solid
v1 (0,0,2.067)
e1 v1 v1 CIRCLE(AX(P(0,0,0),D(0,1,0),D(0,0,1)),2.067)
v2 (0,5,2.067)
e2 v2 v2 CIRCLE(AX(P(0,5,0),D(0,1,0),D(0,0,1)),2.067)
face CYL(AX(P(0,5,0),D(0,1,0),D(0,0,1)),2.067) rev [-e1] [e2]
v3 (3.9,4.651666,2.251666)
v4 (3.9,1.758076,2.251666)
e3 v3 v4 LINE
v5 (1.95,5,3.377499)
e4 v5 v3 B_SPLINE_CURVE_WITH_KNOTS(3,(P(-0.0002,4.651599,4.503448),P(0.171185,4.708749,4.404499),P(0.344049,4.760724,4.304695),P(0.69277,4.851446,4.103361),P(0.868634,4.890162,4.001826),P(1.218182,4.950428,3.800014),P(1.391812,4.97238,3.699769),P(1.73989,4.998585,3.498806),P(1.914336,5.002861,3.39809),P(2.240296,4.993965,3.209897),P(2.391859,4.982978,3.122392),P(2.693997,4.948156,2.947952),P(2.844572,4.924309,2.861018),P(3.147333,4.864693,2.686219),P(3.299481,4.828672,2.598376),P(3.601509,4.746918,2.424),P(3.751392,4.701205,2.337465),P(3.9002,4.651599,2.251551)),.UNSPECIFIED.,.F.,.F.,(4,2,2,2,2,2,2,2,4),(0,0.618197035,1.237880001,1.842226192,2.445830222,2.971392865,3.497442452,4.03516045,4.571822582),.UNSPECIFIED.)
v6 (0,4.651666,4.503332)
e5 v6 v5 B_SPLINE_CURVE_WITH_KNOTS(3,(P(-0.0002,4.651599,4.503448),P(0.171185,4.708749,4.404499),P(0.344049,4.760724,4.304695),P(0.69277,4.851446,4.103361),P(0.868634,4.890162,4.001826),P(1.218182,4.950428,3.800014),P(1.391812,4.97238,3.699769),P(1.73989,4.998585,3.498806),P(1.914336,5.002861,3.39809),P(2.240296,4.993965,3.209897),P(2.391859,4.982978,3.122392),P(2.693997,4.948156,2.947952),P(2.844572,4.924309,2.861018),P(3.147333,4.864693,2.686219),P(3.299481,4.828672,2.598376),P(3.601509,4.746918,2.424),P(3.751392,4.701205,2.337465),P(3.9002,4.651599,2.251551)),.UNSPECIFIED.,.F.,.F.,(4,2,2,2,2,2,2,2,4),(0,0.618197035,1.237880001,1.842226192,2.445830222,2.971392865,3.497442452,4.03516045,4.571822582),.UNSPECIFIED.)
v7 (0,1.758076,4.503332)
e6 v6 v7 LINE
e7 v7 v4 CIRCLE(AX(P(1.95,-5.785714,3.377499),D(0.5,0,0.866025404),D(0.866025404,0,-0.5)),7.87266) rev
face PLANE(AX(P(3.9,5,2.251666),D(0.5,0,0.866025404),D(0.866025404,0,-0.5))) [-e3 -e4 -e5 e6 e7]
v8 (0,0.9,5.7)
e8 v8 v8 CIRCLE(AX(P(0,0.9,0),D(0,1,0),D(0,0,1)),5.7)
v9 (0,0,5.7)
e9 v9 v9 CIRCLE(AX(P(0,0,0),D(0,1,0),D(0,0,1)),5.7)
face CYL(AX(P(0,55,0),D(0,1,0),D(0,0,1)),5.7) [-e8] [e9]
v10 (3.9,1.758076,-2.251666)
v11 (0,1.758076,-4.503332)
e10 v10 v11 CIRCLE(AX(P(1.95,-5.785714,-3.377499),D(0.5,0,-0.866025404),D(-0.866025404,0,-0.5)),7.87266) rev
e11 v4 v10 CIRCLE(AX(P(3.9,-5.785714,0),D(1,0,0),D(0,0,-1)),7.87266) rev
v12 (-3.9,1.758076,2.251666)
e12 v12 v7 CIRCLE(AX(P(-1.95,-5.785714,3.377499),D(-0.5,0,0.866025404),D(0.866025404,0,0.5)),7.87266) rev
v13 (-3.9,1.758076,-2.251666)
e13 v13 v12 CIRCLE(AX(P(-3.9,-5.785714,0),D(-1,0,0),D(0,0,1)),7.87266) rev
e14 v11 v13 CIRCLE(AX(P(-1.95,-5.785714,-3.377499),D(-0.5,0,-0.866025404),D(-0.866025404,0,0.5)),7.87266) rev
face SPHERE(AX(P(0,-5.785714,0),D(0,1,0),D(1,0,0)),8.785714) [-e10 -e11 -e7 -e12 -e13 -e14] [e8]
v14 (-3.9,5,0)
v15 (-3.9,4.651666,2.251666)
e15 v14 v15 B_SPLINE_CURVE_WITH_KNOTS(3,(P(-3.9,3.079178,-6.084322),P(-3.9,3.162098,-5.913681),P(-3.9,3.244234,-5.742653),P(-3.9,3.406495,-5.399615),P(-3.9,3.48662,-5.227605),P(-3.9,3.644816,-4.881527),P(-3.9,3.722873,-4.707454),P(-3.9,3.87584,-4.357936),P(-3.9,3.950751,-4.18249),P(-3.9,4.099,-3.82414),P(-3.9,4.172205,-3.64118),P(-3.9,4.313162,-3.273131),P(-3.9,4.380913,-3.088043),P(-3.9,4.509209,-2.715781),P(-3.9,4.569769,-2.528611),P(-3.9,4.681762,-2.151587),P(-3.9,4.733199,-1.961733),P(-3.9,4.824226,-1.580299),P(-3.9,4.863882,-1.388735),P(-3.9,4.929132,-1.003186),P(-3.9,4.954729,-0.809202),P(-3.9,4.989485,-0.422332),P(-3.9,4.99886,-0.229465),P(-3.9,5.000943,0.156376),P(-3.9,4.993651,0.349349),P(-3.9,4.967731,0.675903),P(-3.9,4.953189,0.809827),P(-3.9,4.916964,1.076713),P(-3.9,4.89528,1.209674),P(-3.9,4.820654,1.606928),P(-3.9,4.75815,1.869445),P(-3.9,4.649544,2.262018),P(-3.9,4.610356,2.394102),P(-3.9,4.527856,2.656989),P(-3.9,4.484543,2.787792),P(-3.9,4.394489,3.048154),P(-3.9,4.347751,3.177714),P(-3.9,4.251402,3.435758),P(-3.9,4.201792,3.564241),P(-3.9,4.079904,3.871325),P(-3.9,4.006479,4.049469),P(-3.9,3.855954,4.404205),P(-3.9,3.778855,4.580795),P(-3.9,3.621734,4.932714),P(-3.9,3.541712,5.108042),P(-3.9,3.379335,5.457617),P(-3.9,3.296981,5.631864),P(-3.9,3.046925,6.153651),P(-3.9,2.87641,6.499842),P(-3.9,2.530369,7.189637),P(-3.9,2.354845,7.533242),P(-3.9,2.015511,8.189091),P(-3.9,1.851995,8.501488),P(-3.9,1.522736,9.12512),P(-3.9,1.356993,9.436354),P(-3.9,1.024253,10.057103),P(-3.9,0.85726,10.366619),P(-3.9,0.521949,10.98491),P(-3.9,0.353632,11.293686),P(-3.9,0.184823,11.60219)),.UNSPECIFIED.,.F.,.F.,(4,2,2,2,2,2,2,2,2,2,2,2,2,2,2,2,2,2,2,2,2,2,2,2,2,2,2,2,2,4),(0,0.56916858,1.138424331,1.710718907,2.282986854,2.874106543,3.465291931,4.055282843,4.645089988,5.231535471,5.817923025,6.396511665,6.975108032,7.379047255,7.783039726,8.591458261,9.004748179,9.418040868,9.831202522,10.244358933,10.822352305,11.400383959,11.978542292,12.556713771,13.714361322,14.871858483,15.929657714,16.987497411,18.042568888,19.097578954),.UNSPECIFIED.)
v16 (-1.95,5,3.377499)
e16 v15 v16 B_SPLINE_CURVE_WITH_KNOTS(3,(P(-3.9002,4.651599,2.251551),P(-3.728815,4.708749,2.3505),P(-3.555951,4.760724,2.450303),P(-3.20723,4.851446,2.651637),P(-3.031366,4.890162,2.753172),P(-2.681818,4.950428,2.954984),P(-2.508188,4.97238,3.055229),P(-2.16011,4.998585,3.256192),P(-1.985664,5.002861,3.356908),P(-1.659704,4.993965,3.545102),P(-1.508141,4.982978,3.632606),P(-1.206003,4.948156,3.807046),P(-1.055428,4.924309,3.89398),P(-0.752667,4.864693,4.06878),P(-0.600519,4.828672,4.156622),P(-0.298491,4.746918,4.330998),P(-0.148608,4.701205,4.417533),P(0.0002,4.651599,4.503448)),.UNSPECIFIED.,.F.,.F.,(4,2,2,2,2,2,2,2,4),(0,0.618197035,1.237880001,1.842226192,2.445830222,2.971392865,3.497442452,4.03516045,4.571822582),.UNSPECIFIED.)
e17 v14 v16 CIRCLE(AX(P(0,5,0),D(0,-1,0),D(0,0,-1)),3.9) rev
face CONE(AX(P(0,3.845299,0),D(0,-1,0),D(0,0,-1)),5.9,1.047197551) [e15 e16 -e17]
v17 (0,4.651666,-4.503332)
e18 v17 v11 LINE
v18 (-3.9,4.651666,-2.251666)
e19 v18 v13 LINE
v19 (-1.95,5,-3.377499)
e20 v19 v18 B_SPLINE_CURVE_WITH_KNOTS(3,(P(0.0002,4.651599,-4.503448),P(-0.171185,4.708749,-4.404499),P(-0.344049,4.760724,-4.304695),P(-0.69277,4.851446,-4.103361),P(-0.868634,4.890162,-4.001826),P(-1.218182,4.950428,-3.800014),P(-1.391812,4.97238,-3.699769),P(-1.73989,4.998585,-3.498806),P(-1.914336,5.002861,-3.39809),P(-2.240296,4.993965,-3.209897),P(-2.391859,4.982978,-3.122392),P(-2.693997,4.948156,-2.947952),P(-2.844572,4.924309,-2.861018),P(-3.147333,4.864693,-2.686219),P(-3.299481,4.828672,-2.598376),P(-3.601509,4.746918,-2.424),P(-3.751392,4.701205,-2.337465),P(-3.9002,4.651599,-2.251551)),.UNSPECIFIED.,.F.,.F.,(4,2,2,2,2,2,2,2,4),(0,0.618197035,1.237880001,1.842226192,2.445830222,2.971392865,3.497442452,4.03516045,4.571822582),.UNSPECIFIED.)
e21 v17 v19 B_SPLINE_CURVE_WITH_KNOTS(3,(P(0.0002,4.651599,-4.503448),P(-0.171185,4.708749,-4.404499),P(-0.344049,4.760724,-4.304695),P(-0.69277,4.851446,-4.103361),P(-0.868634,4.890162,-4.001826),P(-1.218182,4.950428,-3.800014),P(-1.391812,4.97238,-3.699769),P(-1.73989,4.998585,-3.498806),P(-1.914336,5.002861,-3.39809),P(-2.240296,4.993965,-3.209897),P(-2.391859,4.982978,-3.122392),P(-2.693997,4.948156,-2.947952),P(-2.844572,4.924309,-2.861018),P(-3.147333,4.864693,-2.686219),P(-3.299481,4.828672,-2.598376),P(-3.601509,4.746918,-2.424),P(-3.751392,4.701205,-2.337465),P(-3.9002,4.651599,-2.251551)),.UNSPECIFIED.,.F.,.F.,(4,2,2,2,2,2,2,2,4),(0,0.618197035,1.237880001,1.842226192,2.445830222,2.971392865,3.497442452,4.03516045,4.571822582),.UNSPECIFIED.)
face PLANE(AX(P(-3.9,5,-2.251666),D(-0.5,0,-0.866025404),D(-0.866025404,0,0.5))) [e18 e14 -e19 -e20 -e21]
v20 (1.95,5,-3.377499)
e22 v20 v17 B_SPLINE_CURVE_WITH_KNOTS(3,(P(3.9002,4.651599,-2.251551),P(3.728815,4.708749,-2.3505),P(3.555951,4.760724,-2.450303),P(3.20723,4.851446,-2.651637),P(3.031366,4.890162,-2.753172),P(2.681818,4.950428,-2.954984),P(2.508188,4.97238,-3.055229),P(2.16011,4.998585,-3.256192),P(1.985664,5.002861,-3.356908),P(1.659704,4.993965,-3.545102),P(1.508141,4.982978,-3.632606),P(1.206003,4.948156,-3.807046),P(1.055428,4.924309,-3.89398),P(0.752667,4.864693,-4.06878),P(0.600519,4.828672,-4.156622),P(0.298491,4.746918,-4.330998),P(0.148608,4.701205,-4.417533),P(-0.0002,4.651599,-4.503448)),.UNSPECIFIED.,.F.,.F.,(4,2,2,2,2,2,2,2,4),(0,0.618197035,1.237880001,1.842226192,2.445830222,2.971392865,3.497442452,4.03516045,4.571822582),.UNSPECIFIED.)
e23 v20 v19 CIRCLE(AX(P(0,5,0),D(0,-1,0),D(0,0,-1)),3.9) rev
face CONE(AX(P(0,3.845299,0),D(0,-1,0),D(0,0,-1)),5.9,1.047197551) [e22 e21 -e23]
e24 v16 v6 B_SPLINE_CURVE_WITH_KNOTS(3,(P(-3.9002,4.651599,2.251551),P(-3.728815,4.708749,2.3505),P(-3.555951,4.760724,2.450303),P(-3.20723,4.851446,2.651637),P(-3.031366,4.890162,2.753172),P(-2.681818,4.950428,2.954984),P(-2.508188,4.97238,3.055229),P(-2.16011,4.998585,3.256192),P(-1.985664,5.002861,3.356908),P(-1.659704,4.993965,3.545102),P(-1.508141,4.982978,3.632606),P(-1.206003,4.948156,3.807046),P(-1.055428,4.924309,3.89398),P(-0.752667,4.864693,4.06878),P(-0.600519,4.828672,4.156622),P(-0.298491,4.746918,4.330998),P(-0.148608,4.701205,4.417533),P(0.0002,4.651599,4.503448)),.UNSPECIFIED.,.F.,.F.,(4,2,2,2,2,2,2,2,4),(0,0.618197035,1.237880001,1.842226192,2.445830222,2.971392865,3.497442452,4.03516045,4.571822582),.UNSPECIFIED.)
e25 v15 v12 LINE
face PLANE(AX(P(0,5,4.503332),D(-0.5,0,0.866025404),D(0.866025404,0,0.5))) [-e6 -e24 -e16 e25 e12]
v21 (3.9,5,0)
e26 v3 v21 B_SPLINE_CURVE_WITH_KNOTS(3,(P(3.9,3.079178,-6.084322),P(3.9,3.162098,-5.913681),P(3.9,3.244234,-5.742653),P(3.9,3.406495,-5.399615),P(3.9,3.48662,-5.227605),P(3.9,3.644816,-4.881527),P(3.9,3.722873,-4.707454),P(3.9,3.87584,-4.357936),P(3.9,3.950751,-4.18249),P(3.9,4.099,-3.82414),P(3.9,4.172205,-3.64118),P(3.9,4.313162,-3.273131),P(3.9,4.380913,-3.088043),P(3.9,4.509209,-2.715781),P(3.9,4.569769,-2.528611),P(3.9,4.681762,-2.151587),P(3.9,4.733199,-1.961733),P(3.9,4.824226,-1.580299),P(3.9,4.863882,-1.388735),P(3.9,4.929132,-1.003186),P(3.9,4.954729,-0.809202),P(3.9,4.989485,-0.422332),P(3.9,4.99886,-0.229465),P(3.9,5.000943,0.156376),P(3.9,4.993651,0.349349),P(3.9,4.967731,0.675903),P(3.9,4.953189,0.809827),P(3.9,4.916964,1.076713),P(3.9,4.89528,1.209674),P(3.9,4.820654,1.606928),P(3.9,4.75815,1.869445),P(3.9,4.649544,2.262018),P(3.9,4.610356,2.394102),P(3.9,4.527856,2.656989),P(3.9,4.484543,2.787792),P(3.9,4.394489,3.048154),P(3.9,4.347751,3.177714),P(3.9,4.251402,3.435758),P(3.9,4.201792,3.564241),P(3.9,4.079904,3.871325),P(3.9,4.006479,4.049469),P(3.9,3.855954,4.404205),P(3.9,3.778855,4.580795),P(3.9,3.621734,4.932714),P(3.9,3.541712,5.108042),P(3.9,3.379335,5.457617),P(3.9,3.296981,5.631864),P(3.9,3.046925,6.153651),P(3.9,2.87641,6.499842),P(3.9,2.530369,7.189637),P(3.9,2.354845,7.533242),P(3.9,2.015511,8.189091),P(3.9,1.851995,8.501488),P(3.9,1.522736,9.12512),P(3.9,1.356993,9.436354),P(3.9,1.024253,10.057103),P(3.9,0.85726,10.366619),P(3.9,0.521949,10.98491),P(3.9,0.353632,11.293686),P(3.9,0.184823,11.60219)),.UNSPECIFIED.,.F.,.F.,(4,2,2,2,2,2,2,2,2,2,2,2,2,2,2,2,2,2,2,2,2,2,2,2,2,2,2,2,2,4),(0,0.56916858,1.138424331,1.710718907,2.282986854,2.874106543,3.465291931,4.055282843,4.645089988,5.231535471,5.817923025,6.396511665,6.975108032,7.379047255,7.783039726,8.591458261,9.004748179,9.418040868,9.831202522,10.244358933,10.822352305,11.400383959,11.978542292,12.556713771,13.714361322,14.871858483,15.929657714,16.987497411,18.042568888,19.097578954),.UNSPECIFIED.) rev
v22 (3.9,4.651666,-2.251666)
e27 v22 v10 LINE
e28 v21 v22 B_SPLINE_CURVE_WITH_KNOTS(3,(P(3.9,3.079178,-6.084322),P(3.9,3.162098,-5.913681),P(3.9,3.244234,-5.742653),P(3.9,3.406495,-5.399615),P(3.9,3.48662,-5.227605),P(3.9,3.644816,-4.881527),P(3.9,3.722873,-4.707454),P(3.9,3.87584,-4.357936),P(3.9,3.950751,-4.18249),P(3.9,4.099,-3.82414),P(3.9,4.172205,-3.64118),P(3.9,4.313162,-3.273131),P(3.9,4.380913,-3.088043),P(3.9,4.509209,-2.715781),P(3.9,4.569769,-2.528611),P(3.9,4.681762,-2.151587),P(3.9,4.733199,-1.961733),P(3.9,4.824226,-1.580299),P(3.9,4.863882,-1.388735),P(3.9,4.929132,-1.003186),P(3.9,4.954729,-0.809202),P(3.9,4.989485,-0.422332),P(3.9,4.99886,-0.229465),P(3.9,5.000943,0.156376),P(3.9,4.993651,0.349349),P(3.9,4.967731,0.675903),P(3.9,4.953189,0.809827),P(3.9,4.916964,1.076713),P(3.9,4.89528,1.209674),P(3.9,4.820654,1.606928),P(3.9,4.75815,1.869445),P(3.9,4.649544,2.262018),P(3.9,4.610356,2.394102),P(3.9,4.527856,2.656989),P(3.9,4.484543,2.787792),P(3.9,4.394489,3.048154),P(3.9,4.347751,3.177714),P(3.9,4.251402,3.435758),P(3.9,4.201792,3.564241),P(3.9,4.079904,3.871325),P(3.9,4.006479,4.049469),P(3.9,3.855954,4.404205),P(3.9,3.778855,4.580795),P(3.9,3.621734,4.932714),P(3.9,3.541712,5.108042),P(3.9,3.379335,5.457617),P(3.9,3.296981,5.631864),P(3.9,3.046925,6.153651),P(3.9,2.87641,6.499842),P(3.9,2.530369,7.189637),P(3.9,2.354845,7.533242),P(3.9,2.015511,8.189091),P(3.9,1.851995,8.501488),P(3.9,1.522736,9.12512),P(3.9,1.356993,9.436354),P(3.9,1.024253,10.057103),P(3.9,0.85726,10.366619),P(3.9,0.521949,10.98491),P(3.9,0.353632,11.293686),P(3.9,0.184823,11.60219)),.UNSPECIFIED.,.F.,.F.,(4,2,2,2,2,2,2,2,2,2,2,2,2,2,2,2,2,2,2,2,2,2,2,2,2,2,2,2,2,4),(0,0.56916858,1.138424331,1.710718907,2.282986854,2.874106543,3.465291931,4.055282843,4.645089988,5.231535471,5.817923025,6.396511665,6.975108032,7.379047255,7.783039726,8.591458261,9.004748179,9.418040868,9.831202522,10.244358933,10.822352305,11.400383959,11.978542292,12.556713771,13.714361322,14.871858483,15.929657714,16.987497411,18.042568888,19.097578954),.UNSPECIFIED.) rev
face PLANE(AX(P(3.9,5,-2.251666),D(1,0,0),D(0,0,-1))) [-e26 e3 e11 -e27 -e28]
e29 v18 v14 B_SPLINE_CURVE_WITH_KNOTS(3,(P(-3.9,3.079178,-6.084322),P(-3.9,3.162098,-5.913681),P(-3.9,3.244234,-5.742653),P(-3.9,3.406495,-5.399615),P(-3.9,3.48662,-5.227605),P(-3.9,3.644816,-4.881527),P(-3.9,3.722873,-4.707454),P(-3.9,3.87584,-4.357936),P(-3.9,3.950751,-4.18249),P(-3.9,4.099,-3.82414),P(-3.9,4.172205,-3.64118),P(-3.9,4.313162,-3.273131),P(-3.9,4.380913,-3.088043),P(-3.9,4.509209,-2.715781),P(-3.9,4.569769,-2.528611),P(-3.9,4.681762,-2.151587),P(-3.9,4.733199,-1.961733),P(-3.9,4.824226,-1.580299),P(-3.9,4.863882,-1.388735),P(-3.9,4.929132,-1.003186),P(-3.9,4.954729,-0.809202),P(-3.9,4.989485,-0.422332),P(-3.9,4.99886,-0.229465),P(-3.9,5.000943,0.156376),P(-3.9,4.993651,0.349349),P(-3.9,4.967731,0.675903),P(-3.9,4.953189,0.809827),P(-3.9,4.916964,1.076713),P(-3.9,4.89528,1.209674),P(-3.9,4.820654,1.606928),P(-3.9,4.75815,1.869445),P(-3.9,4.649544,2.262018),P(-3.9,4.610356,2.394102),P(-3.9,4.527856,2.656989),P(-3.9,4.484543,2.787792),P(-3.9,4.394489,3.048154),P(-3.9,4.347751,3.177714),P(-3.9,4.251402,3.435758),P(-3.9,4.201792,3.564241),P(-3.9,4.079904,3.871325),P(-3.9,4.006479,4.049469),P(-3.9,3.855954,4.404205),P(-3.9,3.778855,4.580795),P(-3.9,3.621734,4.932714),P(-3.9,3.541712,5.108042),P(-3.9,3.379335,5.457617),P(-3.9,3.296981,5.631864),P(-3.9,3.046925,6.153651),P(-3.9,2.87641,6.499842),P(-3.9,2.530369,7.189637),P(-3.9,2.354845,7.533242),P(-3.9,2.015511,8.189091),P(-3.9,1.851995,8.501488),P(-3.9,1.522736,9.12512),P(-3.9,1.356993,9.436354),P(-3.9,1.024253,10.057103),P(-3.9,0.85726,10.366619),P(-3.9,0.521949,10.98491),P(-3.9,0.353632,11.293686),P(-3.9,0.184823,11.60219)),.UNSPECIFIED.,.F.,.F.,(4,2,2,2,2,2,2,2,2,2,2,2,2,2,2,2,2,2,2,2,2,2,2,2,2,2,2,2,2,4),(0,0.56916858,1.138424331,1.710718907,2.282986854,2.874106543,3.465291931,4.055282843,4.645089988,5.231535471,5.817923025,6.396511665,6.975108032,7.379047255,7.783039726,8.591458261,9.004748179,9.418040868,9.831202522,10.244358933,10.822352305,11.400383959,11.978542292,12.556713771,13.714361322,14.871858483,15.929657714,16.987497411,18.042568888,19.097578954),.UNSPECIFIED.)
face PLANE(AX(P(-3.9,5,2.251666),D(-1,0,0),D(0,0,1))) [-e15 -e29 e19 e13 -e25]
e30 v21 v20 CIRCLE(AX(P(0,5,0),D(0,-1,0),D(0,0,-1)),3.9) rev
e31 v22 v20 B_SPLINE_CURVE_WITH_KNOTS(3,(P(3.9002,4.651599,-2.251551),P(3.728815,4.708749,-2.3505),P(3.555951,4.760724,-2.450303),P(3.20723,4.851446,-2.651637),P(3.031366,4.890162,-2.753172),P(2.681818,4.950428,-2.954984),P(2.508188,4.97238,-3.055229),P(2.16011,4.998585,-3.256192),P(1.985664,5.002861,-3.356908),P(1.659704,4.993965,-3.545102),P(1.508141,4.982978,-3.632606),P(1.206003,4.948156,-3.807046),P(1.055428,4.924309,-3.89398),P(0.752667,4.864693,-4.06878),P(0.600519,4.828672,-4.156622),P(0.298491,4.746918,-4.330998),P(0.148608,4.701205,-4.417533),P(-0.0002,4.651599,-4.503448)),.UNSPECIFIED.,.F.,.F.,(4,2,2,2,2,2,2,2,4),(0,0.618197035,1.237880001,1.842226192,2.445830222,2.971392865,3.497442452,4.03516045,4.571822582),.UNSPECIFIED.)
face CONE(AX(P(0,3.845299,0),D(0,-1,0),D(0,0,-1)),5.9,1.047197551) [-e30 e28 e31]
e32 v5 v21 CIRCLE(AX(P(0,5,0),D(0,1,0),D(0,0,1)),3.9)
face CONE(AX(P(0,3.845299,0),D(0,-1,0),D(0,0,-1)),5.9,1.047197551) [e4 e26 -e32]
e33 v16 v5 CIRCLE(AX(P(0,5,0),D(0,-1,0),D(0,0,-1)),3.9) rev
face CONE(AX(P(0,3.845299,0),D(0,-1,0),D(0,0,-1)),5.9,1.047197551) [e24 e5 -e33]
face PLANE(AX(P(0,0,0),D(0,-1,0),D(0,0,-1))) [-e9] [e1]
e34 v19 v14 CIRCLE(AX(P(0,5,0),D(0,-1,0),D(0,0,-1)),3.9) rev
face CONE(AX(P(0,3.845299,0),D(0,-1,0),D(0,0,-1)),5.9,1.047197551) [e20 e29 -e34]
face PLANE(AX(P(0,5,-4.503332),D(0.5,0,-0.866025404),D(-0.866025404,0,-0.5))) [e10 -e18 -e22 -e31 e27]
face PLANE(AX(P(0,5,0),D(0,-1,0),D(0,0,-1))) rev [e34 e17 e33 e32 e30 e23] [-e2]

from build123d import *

# Parameters (mm, degrees)
BOSS_EXTRUDE1_DEPTH = 5
TAP1_D              = 4.134


with BuildPart() as part:
    # Sketch1 → Revolve1 (revolve)
    with BuildSketch(Plane.XY):
        with BuildLine():
            Line((0, 0), (-5.7, 0))
            Line((-5.7, 0), (-5.7, 0.9))
            ThreePointArc((-5.7, 0.9), (-3.03726851, 2.458300241), (0, 3))
            Line((0, 3), (0, 0))
        make_face()
    revolve(axis=Axis((0, 55, 0), (0, -1, 0)))

    # Sketch2 → Boss-Extrude1 (add)
    with BuildSketch(Plane.XZ):
        Polygon((0, 4.5033321), (-3.9, 2.25166605), (-3.9, -2.25166605), (0, -4.5033321), (3.9, -2.25166605), (3.9, 2.25166605), align=None)
    extrude(amount=-BOSS_EXTRUDE1_DEPTH)

    # Sketch3 → Cut-Revolve1 (revolve, cut)
    with BuildSketch(Plane.XY):
        Polygon((-3.9, 5), (-5.9, 5), (-5.9, 3.845299462), align=None)
    revolve(axis=Axis((0, 55, 0), (0, -1, 0)), mode=Mode.SUBTRACT)

    # Tap1 (through all)
    with Locations(Plane(origin=(0, 5, 0), x_dir=(1, 0, 0), z_dir=(0, 1, 0))):
        with Locations((0, 0)):
            Hole(TAP1_D / 2)


solid = part.part
